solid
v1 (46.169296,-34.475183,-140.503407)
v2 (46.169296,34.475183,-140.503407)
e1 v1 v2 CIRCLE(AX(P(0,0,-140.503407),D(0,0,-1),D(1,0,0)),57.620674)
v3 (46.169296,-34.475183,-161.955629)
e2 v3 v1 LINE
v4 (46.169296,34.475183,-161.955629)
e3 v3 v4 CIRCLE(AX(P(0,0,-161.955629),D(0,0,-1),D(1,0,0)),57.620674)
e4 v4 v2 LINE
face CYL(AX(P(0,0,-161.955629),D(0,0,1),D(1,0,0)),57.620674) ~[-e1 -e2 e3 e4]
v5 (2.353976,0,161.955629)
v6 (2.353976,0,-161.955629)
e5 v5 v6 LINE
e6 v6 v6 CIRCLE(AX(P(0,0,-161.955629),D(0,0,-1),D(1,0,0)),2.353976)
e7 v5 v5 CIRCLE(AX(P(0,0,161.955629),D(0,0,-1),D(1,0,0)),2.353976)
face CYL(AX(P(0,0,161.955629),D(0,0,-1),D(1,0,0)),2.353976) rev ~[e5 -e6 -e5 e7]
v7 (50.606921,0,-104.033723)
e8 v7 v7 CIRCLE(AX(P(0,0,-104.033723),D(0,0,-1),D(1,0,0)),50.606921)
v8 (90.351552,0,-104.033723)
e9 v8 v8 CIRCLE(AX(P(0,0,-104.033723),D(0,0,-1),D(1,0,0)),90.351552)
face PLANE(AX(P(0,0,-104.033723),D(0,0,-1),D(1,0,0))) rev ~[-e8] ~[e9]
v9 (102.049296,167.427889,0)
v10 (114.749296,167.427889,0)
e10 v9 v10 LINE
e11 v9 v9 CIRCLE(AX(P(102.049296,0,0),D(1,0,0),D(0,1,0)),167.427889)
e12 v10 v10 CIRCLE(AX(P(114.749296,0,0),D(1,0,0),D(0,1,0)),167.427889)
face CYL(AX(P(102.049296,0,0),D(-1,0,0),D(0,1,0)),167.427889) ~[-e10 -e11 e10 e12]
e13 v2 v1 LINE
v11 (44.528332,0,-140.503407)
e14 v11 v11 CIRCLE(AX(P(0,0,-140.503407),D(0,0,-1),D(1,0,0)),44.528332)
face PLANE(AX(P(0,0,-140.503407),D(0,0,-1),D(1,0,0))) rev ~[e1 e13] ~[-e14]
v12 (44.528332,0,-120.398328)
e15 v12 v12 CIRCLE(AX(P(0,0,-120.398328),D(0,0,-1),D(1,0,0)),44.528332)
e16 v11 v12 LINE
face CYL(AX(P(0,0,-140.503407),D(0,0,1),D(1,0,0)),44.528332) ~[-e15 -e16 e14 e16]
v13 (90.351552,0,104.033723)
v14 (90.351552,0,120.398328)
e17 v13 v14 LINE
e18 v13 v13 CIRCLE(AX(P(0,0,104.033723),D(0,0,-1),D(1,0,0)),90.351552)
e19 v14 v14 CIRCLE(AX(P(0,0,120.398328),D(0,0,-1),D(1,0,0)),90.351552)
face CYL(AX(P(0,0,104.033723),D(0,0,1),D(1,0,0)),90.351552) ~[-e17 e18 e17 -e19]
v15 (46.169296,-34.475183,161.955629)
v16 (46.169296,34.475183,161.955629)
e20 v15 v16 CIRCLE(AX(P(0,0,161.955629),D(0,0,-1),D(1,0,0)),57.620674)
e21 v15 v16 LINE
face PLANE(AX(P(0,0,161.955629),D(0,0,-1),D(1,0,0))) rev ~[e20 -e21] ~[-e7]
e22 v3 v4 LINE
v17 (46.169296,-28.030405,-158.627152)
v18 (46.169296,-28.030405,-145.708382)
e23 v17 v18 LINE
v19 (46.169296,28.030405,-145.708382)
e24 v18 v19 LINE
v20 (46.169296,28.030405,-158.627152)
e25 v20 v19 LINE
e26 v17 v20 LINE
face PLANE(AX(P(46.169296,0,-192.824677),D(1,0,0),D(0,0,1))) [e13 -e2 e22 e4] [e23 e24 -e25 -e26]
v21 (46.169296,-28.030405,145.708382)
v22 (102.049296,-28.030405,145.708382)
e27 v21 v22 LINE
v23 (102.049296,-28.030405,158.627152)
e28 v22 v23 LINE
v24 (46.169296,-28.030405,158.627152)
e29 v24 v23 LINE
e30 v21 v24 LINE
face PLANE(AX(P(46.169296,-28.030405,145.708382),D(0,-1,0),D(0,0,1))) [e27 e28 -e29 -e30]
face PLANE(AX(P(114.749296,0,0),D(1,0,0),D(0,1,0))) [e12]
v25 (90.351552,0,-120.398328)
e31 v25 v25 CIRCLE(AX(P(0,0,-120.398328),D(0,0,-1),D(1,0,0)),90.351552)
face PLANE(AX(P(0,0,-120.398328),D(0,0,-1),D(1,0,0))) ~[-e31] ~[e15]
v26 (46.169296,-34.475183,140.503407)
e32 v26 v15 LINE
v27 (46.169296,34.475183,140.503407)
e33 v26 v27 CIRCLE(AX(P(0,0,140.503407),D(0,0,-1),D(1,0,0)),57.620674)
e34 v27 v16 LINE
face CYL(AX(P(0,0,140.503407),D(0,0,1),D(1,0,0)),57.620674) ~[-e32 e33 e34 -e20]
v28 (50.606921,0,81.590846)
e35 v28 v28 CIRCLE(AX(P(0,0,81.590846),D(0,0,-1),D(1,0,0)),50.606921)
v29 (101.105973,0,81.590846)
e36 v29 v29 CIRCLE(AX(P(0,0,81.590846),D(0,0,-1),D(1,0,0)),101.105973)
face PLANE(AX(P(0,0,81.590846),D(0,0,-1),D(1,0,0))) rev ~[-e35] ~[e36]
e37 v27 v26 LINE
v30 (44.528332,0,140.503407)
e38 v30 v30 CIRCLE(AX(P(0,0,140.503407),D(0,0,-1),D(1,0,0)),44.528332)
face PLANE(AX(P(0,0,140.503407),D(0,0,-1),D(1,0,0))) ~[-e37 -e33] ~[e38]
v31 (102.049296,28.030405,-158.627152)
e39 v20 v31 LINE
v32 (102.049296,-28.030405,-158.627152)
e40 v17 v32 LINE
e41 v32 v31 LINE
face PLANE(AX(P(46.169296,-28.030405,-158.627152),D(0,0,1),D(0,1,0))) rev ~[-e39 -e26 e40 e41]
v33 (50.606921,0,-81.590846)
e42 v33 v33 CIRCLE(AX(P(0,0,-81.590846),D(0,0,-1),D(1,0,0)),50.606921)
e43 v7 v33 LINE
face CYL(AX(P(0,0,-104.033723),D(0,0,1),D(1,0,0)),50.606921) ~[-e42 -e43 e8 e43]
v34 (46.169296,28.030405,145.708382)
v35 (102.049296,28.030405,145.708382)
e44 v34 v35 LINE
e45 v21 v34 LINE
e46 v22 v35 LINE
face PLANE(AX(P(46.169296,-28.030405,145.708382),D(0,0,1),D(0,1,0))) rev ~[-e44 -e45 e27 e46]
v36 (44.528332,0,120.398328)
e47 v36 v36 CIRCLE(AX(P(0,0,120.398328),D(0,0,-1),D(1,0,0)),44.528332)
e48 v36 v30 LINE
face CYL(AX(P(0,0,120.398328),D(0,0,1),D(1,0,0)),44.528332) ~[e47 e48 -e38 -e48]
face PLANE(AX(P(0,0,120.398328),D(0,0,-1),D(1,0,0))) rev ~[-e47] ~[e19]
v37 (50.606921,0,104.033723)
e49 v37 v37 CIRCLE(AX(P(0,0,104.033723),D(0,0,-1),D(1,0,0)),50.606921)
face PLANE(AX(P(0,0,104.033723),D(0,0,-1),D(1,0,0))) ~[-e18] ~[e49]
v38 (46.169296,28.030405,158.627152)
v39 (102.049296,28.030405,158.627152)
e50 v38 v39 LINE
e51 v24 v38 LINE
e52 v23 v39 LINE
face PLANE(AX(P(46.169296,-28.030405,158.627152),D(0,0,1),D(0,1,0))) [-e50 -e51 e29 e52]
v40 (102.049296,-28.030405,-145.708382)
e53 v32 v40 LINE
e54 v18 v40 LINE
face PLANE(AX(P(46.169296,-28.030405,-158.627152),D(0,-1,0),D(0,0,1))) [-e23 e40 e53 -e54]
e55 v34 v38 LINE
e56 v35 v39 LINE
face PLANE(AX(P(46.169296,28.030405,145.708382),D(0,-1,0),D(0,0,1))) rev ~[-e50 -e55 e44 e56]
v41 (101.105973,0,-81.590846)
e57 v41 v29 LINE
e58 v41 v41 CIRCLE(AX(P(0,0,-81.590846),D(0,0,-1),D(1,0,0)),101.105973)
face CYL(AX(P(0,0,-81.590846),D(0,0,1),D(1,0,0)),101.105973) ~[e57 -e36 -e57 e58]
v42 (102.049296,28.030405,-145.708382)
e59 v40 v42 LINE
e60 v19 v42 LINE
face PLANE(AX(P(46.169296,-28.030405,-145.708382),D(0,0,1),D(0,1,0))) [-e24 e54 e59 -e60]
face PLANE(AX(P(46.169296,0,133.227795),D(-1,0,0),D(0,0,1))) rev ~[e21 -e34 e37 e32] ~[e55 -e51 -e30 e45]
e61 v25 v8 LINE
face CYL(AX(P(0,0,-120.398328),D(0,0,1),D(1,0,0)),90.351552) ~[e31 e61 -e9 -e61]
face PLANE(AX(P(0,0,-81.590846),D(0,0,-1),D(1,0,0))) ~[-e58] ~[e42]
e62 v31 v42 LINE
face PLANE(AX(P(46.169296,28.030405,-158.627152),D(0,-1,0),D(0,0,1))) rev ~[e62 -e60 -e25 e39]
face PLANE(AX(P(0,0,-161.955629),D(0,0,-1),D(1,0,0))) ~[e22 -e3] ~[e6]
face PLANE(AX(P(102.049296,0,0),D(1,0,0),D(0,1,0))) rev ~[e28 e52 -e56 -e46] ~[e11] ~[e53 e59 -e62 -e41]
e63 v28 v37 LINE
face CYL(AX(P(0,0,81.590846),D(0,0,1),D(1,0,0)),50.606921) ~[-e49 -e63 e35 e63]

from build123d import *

# Parameters (mm, degrees)
F2_W     = 69.451071322
F2_H     = 59.5968812704
F3_DEPTH = 127
F4_W     = 56.0608096421
F4_H     = 12.9187703133
F5_DEPTH = 55.88
F6_R     = 167.4278885547
F7_DEPTH = 12.7


with BuildPart() as f1:
    # F0 (on Front) → F1 (revolve)
    with BuildSketch(Plane.XZ):
        Polygon((19.2788038403, 161.9556288534), (2.3539757822, 161.9556288534), (2.3539757822, 0), (101.1059731245, 0), (101.1059731245, 81.5908461809), (50.6069213152, 81.5908461809), (50.6069213152, 104.0337234735), (90.3515517712, 104.0337234735), (90.3515517712, 120.3983277082), (44.5283316076, 120.3983277082), (44.5283316076, 140.5034065247), (57.6206743717, 140.5034065247), (57.6206743717, 161.9556288534), align=None)
        Polygon((101.1059731245, 0), (2.3539757822, 0), (2.3539757822, -142.8443711466), (2.3539757822, -161.9556288534), (19.2788038403, -161.9556288534), (57.6206743717, -161.9556288534), (57.6206743717, -140.5034065247), (44.5283316076, -140.5034065247), (44.5283316076, -120.3983277082), (90.3515517712, -120.3983277082), (90.3515517712, -104.0337234735), (50.6069213152, -104.0337234735), (50.6069213152, -81.5908461809), (101.1059731245, -81.5908461809), align=None)
    revolve(axis=Axis((0, 0, 9.5556288534), (0, 0, -1)))

    # F2 (on Front) → F3 (cut, symmetric)
    with BuildSketch(Plane.XZ):
        with Locations((80.894831568, 163.0262359977)):
            Rectangle(F2_W, F2_H)
        with Locations((80.894831568, -163.0262359977)):
            Rectangle(F2_W, F2_H)
    extrude(amount=F3_DEPTH, both=True, mode=Mode.SUBTRACT)

    # F4 (on face) → F5 (join)
    with BuildSketch(Plane.YZ.offset(46.169295907)):
        with Locations((0, 152.1677672863)):
            Rectangle(F4_W, F4_H)
        with Locations((0, -152.1677672863)):
            Rectangle(F4_W, F4_H)
    extrude(amount=F5_DEPTH)

    # F6 (on face) → F7 (join)
    with BuildSketch(Plane.YZ.offset(102.049295907)):
        Circle(F6_R)
    extrude(amount=F7_DEPTH)


solid = f1.part
